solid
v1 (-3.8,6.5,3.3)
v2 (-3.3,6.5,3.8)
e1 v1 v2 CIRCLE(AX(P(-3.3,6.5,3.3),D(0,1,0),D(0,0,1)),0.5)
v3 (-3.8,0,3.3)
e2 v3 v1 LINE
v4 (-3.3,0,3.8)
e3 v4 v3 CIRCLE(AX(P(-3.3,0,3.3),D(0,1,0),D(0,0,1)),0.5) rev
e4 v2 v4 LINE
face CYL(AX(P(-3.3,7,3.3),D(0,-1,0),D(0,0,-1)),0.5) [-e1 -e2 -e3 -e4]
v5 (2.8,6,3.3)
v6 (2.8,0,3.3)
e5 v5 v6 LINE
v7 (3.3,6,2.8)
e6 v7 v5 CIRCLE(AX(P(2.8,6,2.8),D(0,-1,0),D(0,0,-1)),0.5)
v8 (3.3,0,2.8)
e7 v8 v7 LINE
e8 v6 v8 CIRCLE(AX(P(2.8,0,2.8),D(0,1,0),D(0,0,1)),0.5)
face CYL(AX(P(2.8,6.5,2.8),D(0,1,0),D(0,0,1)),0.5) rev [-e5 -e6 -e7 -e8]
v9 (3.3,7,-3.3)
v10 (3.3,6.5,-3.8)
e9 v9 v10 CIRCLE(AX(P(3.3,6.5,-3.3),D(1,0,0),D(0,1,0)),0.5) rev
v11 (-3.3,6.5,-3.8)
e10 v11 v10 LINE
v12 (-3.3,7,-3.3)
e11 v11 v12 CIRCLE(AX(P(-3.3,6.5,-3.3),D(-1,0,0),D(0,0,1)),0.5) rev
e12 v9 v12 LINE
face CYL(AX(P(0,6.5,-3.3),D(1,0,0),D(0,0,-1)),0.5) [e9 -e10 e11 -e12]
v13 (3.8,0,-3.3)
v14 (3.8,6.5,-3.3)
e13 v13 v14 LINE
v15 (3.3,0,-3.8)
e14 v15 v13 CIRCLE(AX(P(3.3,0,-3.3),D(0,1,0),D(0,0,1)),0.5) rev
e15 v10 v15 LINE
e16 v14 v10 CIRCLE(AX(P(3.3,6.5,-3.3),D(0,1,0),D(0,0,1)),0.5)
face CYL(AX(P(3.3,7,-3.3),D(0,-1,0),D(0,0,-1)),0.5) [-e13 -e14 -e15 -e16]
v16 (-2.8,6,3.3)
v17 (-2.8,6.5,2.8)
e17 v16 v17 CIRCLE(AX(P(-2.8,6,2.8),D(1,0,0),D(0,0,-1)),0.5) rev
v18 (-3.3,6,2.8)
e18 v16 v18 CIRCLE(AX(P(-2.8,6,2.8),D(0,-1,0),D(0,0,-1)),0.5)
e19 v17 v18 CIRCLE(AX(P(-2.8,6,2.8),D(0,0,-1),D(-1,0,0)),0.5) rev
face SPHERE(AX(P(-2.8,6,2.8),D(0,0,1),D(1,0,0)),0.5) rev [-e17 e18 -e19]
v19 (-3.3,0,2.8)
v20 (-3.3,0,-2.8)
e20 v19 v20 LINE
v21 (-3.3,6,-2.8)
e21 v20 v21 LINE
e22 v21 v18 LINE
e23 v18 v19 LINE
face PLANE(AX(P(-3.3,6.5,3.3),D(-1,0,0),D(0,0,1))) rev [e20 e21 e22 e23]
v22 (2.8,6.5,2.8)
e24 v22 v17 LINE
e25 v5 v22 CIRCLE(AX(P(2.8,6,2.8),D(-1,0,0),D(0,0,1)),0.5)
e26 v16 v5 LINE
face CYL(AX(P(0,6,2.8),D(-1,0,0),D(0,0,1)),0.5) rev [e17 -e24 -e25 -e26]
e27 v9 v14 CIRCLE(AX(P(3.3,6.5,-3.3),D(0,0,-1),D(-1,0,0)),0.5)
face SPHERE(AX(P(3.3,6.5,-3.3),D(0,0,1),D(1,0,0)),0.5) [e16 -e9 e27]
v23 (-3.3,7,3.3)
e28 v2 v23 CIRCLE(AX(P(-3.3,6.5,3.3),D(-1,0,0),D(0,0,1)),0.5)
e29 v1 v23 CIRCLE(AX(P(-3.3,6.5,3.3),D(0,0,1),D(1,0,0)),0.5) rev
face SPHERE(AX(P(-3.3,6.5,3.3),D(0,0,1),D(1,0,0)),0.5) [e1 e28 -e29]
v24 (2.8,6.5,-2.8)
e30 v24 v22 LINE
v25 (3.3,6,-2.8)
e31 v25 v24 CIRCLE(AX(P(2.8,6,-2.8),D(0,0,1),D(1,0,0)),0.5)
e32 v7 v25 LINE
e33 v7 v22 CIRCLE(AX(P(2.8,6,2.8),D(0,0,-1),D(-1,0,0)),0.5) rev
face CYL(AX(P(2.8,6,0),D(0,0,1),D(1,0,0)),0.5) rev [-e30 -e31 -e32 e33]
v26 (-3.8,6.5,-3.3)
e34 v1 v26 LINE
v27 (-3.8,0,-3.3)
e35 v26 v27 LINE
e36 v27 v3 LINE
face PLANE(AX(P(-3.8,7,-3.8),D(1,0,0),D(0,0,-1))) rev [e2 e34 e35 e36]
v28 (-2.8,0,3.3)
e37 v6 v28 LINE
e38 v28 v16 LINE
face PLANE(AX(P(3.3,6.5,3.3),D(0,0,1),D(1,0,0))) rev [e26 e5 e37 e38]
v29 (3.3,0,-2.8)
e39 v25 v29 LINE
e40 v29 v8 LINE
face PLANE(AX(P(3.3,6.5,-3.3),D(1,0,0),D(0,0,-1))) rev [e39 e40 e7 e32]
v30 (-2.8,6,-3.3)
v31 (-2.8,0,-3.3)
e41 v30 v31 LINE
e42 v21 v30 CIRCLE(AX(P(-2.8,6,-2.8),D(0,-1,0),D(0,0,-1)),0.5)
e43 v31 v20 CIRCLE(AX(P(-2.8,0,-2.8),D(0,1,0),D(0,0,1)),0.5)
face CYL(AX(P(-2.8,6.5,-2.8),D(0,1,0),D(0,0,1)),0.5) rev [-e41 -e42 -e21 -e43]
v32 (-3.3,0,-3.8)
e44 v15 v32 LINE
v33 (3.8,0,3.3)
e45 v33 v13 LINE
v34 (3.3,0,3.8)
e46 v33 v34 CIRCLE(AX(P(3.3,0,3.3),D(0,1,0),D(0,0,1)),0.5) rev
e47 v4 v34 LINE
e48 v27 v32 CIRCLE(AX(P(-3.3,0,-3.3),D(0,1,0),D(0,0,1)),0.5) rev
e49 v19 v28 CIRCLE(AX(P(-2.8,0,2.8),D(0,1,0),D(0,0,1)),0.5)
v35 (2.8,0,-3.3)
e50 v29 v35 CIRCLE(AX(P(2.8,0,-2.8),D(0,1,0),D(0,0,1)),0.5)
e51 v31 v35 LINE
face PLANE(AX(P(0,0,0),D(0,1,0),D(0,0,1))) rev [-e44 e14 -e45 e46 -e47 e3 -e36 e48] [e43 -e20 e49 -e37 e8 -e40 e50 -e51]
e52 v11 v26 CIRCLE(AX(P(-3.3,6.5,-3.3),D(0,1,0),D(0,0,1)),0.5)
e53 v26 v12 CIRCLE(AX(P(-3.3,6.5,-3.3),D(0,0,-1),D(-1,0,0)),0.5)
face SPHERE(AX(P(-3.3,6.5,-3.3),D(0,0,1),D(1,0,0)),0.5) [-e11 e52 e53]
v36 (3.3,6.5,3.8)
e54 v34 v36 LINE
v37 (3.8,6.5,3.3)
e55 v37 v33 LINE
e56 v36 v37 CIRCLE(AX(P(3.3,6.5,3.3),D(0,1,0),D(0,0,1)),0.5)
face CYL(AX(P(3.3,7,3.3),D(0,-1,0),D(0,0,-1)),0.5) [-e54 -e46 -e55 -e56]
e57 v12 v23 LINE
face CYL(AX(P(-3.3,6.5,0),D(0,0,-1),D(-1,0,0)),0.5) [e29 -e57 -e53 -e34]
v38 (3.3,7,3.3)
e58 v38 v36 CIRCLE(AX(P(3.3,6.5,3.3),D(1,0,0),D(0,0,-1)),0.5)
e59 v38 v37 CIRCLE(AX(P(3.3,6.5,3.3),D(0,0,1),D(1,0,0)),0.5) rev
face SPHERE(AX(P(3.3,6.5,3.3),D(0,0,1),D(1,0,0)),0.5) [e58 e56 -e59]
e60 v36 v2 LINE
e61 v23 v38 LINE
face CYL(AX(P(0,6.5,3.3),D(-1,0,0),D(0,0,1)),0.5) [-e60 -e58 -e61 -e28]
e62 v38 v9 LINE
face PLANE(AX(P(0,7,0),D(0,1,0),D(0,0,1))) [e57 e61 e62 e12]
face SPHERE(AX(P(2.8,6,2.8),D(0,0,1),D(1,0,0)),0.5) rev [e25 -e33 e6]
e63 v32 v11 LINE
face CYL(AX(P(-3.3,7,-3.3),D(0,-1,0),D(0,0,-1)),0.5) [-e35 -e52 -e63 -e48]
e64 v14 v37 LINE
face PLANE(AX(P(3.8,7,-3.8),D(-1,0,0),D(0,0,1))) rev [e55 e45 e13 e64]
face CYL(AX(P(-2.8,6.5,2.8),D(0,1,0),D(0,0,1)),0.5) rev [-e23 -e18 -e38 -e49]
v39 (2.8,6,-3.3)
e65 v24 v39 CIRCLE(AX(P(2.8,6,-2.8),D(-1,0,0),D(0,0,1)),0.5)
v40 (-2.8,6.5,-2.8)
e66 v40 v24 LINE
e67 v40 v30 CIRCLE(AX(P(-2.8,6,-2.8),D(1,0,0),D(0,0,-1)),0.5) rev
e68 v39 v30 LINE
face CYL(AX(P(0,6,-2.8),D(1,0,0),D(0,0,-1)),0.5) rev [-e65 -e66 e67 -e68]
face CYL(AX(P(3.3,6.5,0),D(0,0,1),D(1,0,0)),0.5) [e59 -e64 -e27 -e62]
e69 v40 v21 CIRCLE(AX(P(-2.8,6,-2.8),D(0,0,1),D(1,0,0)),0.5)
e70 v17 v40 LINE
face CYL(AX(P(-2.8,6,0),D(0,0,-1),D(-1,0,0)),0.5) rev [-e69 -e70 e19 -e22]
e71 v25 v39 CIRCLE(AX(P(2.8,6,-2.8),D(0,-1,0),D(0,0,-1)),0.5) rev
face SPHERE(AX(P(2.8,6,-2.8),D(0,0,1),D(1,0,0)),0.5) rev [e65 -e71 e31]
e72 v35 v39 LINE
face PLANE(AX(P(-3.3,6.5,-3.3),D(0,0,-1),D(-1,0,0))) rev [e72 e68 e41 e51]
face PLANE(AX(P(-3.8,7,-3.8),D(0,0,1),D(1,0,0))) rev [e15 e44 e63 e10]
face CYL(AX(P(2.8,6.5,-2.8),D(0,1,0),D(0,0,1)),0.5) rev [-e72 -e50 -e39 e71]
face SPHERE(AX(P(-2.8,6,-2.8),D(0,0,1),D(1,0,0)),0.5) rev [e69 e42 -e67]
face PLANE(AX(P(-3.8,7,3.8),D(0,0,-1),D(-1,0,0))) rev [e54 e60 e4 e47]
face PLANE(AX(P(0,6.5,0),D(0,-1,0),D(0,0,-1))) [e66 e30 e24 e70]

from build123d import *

# Parameters (mm, degrees)
SKETCH1_W           = 7.6
SKETCH1_H           = 7.6
BOSS_EXTRUDE1_DEPTH = 7
SKETCH2_W           = 6.6
SKETCH2_H           = 6.6
CUT_EXTRUDE1_DEPTH  = 6.5
FILLET2_R           = 0.5


with BuildPart() as part:
    # Sketch1 → Boss-Extrude1 (new body)
    with BuildSketch(Plane(origin=(0, 0, 0), x_dir=(1, 0, 0), z_dir=(0, 1, 0))):
        Rectangle(SKETCH1_W, SKETCH1_H)
    extrude(amount=BOSS_EXTRUDE1_DEPTH)

    # Sketch2 → Cut-Extrude1 (cut)
    with BuildSketch(Plane.XZ):
        Rectangle(SKETCH2_W, SKETCH2_H)
    extrude(amount=-CUT_EXTRUDE1_DEPTH, mode=Mode.SUBTRACT)

    # Fillet2
    fillet2_edges = [part.edges().sort_by_distance(p)[0] for p in [
        (-3.8, 7, 0),
        (0, 7, 3.8),
        (0, 6.5, 3.3),
        (-3.3, 3.25, 3.3),
        (3.3, 6.5, 0),
        (3.3, 3.25, 3.3),
        (0, 6.5, -3.3),
        (3.3, 3.25, -3.3),
        (-3.3, 6.5, 0),
        (-3.3, 3.25, -3.3),
        (3.8, 7, 0),
        (0, 7, -3.8),
        (3.8, 3.5, 3.8),
        (-3.8, 3.5, 3.8),
        (-3.8, 3.5, -3.8),
        (3.8, 3.5, -3.8),
    ]]
    fillet(fillet2_edges, radius=FILLET2_R)


solid = part.part
